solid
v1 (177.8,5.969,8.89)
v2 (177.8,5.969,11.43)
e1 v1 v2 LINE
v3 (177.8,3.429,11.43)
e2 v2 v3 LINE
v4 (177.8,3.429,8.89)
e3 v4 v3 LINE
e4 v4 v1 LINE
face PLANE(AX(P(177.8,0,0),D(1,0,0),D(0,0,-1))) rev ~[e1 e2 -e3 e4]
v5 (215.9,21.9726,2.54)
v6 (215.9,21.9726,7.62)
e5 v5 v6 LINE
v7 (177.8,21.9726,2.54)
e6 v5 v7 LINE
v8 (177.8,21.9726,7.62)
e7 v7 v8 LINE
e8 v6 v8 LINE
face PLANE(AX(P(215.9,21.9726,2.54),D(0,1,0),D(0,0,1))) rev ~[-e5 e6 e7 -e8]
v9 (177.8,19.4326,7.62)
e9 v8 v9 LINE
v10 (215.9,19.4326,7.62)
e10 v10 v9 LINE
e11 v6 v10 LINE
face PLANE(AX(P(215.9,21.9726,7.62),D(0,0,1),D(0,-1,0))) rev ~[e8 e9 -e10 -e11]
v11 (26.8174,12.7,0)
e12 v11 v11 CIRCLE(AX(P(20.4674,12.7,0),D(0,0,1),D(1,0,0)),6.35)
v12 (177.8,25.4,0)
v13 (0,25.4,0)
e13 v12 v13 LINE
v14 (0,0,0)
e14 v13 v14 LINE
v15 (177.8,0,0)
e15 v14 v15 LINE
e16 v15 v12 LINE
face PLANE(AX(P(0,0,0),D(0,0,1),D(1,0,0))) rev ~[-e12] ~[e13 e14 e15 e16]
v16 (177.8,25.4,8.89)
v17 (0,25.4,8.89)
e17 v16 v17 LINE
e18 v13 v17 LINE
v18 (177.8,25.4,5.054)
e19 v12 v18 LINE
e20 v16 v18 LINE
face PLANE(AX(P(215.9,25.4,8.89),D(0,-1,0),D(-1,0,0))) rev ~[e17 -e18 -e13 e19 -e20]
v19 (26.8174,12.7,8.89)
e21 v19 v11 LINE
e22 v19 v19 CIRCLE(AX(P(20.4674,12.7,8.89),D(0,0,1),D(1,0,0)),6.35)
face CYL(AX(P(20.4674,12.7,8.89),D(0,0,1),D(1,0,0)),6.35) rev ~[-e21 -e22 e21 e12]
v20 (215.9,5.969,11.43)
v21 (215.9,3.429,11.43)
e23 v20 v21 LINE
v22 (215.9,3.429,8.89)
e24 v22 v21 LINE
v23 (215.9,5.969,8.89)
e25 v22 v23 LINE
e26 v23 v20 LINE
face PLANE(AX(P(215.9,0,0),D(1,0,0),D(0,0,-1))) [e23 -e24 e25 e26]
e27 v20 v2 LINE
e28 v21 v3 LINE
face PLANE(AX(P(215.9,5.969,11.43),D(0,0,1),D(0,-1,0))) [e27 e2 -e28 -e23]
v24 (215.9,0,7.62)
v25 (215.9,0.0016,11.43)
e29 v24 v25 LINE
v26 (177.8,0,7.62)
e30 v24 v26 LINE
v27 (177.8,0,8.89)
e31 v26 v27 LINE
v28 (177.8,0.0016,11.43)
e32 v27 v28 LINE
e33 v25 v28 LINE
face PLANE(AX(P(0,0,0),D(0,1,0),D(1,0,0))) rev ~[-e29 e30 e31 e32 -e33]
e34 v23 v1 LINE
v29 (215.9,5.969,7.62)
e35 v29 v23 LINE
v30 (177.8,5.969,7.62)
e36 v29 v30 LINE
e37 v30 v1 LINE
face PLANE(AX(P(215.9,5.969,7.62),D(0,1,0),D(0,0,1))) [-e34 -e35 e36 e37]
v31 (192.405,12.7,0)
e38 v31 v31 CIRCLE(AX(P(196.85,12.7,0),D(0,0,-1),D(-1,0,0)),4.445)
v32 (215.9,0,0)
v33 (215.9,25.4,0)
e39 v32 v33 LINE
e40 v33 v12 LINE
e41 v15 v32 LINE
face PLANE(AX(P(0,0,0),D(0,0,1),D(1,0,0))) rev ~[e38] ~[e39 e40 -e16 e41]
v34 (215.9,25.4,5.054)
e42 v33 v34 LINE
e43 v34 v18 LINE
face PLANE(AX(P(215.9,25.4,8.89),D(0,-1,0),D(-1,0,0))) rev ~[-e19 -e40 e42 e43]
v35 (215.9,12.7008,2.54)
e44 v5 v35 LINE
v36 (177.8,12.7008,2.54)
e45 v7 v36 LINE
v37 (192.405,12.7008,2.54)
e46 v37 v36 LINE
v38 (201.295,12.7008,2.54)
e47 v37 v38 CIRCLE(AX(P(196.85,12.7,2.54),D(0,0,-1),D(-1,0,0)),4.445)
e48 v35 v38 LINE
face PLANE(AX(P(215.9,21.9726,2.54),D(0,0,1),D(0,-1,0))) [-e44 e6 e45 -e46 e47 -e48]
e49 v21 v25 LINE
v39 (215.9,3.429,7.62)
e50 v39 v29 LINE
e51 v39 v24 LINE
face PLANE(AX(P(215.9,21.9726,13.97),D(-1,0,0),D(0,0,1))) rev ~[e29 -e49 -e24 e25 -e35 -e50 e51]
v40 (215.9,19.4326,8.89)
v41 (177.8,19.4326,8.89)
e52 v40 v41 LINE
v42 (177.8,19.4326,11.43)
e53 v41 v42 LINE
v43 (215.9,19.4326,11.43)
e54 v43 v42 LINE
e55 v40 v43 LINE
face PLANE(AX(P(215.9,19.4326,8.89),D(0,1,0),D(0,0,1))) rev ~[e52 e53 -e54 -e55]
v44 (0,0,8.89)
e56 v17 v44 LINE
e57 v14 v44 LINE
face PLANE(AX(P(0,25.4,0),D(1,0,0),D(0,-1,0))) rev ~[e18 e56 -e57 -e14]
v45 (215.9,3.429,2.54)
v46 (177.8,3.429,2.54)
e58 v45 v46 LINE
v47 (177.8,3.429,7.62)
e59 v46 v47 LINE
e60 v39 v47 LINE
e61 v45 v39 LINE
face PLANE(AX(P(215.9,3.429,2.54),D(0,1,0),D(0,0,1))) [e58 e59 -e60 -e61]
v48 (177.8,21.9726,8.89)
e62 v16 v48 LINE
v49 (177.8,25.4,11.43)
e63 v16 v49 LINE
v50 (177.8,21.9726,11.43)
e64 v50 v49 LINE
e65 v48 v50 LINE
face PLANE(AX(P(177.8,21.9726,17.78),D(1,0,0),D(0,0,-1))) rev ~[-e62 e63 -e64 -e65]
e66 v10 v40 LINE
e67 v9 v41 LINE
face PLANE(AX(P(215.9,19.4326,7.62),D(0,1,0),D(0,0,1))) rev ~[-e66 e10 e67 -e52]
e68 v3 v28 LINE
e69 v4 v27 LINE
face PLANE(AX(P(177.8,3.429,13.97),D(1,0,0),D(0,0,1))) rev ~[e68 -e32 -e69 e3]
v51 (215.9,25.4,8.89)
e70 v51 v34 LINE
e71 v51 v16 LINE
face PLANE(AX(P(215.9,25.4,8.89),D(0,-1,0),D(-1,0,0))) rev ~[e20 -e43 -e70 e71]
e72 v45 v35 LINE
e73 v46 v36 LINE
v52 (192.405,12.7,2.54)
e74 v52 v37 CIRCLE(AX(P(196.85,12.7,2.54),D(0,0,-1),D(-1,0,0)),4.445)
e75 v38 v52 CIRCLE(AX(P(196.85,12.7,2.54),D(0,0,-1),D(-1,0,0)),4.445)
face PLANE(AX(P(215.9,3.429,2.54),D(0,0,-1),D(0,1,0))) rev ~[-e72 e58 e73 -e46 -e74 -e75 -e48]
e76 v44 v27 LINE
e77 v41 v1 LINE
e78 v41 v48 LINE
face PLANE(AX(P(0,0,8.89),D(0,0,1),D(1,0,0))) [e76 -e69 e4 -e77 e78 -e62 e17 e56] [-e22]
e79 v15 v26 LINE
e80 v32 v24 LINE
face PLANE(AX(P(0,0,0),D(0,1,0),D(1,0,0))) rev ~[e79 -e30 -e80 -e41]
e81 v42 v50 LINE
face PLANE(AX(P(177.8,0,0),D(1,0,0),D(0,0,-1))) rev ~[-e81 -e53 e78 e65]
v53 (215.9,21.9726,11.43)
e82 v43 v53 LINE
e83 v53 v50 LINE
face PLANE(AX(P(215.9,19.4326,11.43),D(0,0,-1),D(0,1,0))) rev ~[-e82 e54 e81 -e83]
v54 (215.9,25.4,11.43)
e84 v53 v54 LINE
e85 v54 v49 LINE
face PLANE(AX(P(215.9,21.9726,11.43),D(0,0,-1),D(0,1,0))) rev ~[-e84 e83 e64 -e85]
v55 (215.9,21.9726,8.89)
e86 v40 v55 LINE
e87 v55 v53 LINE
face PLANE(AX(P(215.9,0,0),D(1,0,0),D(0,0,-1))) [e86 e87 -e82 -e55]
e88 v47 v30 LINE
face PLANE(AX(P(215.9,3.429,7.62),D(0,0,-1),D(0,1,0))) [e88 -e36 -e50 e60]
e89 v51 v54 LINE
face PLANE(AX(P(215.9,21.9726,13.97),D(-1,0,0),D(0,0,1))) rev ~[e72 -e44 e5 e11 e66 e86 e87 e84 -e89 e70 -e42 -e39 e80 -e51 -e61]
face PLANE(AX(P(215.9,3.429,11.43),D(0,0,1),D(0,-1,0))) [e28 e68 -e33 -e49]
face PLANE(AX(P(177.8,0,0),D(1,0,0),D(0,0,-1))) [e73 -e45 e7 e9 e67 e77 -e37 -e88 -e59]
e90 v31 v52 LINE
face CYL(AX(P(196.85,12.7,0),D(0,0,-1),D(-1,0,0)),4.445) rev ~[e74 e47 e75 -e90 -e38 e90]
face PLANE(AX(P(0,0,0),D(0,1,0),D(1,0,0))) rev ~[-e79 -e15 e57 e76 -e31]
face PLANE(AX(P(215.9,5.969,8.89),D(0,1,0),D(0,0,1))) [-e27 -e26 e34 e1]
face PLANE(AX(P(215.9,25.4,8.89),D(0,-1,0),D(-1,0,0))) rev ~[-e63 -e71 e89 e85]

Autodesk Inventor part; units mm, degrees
ref_plane "YZ Plane" through (0, 0, 0) normal (1, 0, 0) x (0, 1, 0)
ref_plane "XZ Plane" through (0, 0, 0) normal (0, 1, 0) x (-1, 0, 0)
ref_plane "XY Plane" through (0, 0, 0) normal (0, 0, 1) x (1, 0, 0)
sketch "Sketch1" plane through (0, 0, 0) normal (0, 0, 1) x (1, 0, 0)
  line L0 (0, 0) -> (215.9, 0)
  line L1 (215.9, 0) -> (215.9, 25.4)
  line L2 (215.9, 25.4) -> (0, 25.4)
  line L3 (0, 25.4) -> (0, 0)
  dimension "d0" = 215.9
  dimension "d1" = 25.4
extrude "Extrusion1" add sketch "Sketch1" along normal blind 8.89
sketch "Sketch2" plane through (0, 0, 8.89) normal (0, 0, 1) x (1, 0, 0)
  line L0 (0, 0) -> (215.9, 0) projected
  line L1 (215.9, 25.4) -> (0, 25.4) projected
  line L2 (0, 25.4) -> (0, 0) projected
  line L3 (215.9, 25.4) -> (177.8, 25.4)
  line L4 (177.8, 25.4) -> (177.8, 0)
  line L5 (177.8, 0) -> (215.9, 0)
  line L6 (215.9, 0) -> (215.9, 25.4)
  line L7 (177.8, 0) -> (215.9, 0)
  line L8 (215.9, 0) -> (215.9, 12.7)
  line L9 (215.9, 12.7) -> (177.8, 12.7)
  line L10 (177.8, 12.7) -> (177.8, 0)
  line L11 (177.8, 12.7) -> (215.9, 12.7)
  line L12 (215.9, 12.7) -> (215.9, 3.429)
  line L13 (215.9, 3.429) -> (177.8, 3.429)
  line L14 (177.8, 3.429) -> (177.8, 12.7)
  line L15 (177.8, 12.7) -> (215.9, 12.7)
  line L16 (215.9, 12.7) -> (215.9, 21.971)
  line L17 (215.9, 21.971) -> (177.8, 21.971)
  line L18 (177.8, 21.971) -> (177.8, 12.7)
  line L19 (215.9, 25.4) -> (177.8, 25.4)
  line L20 (177.8, 25.4) -> (177.8, 21.971)
  line L21 (177.8, 21.971) -> (215.9, 21.971)
  line L22 (215.9, 21.971) -> (215.9, 25.4)
  dimension "d4" = 38.1
  dimension "d5" = 9.271
  dimension "d6" = 9.271
extrude "Extrusion2" add sketch "Sketch2" along normal blind 8.89 contours L4 L13 L6 L0
sketch "Sketch3" plane through (0, 0, 8.89) normal (0, 0, 1) x (1, 0, 0)
  line L0 (215.9, 25.4) -> (177.8, 25.4)
  line L1 (177.8, 25.4) -> (177.8, 21.9726)
  line L2 (177.8, 21.9726) -> (215.9, 21.9726)
  line L3 (215.9, 21.9726) -> (215.9, 25.4)
extrude "Extrusion3" add sketch "Sketch3" along normal blind 8.89
sketch "Sketch4" plane through (177.8, 3.429, 8.89) normal (0, 1, 0) x (1, 0, 0)
  line L0 (38.1, 0) -> (38.1, -8.89) projected
  line L1 (0, 0) -> (38.1, 0)
  line L2 (38.1, 0) -> (38.1, -5.08)
  line L3 (38.1, -5.08) -> (0, -5.08)
  line L4 (0, -5.08) -> (0, 0)
  line L5 (38.1, -5.08) -> (0, -5.08)
  line L6 (0, -5.08) -> (0, -8.89)
  line L7 (0, -8.89) -> (38.1, -8.89)
  line L8 (38.1, -8.89) -> (38.1, -5.08)
  point P0 (-177.8, 8.89)
  dimension "d11" = 5.08
extrude "Extrusion4" add sketch "Sketch4" along normal blind 2.54 contours L0 L7 L6 L3
sketch "Sketch5" plane through (177.8, 21.9726, 8.89) normal (0, -1, 0) x (1, 0, 0)
  line L0 (38.1, 0) -> (38.1, 8.89) projected
  line L1 (0, 0) -> (38.1, 0)
  line L2 (38.1, 0) -> (38.1, 5.08)
  line L3 (38.1, 5.08) -> (0, 5.08)
  line L4 (0, 5.08) -> (0, 0)
  line L5 (0, 5.08) -> (38.1, 5.08)
  line L6 (38.1, 5.08) -> (38.1, 8.89)
  line L7 (38.1, 8.89) -> (0, 8.89)
  line L8 (0, 8.89) -> (0, 5.08)
  point P0 (-177.8, -8.89)
  dimension "d14" = 5.08
extrude "Extrusion5" add sketch "Sketch5" along normal blind 2.54 contours L3 L8 L7 L0
sketch "Sketch6" plane through (215.9, 0, 0) normal (1, 0, 0) x (0, 0, -1)
  line L0 (0, 0) -> (0, 25.4) projected
  line L1 (0, 25.4) -> (-17.78, 25.4) projected
  line L2 (-13.97, 19.4326) -> (-17.78, 19.4326) projected
  line L3 (-13.97, 21.9726) -> (-13.97, 19.4326) projected
  line L4 (-13.97, 3.429) -> (-13.97, 5.969) projected
  line L5 (-17.78, 5.969) -> (-13.97, 5.969) projected
  line L6 (-8.89, 25.4) -> (-5.054, 25.4)
  line L7 (-2.54, 21.9726) -> (-7.62, 21.9726)
  line L8 (-7.62, 21.9726) -> (-7.62, 19.4326)
  line L9 (-2.54, 21.9726) -> (-2.54, 12.7008)
  line L10 (-7.62, 19.4326) -> (-11.43, 19.4326)
  line L11 (-11.43, 19.4326) -> (-11.43, 25.4)
  line L12 (-2.54, 12.7008) -> (-7.9346, 12.7008) construction
  line L13 (-2.54, 3.429) -> (-7.62, 3.429)
  line L14 (-7.62, 3.429) -> (-7.62, 5.969)
  line L15 (-2.54, 3.429) -> (-2.54, 12.7008)
  line L16 (-7.62, 5.969) -> (-11.43, 5.969)
  line L17 (-11.43, 5.969) -> (-11.43, 0.0016)
  line L18 (0, 0) -> (-17.78, 0)
  line L19 (-17.78, 0) -> (-17.78, 25.4)
  line L20 (-17.78, 25.4) -> (0, 25.4)
  line L21 (0, 25.4) -> (0, 0)
  line L22 (-8.89, 19.4326) -> (-8.89, 5.969)
  line L23 (-17.78, 5.969) -> (-13.97, 5.969)
  line L24 (-13.97, 5.969) -> (-13.97, 3.429)
  line L25 (-13.97, 3.429) -> (-11.43, 3.429)
  line L26 (-17.78, 19.4326) -> (-13.97, 19.4326)
  line L27 (-13.97, 19.4326) -> (-13.97, 21.9726)
  line L28 (-13.97, 21.9726) -> (-11.43, 21.9726)
  line L29 (-11.43, 5.969) -> (-7.62, 5.969)
  line L30 (-7.62, 5.969) -> (-7.62, 0)
  line L31 (-7.62, 0) -> (-11.43, 0)
  line L32 (-11.43, 0) -> (-11.43, 5.969)
  dimension "d19" = 3.81
extrude "Extrusion6" add sketch "Sketch6" against normal up to surface (38.1 mm away) contours L18 L30 L13 L15 L9 L7 L8 L10 L11 L1 L0 | L18 L17 L16 L14 L30
extrude "Extrusion7" cut sketch "Sketch6" against normal up to surface (38.1 mm away) contours L18 L19 L5 L4 L25 L17 | L14 L16 L22 L10 L8 L7 L9 L15 L13 | L25 L4 L5 L19 L2 L3 L28 L11 L10 L22 L16 L17 | L11 L28 L3 L2 L19 L1
sketch "Sketch7" plane through (0, 0, 0) normal (0, 0, -1) x (-1, 0, 0)
  line L0 (0, 0) -> (-215.9, 0) projected
  line L1 (-215.9, 25.4) -> (-177.8, 25.4)
  line L2 (-177.8, 25.4) -> (-177.8, 0)
  line L3 (-177.8, 0) -> (-215.9, 0)
  line L4 (-215.9, 0) -> (-215.9, 25.4)
  circle A0 centre (-196.85, 12.7) radius 4.445
  dimension "d24" = 38.1
  dimension "d25" = 8.89
extrude "Extrusion8" cut sketch "Sketch7" against normal blind 2.54 contours A0
sketch "Sketch8" plane through (0, 0, 8.89) normal (0, 0, 1) x (1, 0, 0)
  circle A0 centre (20.4674, 12.7) radius 6.35
  dimension "d28" = 12.7
extrude "Extrusion9" cut sketch "Sketch8" against normal blind 25.4
properties part number "Piece Two-Diagonal Piece" material "Steel"
